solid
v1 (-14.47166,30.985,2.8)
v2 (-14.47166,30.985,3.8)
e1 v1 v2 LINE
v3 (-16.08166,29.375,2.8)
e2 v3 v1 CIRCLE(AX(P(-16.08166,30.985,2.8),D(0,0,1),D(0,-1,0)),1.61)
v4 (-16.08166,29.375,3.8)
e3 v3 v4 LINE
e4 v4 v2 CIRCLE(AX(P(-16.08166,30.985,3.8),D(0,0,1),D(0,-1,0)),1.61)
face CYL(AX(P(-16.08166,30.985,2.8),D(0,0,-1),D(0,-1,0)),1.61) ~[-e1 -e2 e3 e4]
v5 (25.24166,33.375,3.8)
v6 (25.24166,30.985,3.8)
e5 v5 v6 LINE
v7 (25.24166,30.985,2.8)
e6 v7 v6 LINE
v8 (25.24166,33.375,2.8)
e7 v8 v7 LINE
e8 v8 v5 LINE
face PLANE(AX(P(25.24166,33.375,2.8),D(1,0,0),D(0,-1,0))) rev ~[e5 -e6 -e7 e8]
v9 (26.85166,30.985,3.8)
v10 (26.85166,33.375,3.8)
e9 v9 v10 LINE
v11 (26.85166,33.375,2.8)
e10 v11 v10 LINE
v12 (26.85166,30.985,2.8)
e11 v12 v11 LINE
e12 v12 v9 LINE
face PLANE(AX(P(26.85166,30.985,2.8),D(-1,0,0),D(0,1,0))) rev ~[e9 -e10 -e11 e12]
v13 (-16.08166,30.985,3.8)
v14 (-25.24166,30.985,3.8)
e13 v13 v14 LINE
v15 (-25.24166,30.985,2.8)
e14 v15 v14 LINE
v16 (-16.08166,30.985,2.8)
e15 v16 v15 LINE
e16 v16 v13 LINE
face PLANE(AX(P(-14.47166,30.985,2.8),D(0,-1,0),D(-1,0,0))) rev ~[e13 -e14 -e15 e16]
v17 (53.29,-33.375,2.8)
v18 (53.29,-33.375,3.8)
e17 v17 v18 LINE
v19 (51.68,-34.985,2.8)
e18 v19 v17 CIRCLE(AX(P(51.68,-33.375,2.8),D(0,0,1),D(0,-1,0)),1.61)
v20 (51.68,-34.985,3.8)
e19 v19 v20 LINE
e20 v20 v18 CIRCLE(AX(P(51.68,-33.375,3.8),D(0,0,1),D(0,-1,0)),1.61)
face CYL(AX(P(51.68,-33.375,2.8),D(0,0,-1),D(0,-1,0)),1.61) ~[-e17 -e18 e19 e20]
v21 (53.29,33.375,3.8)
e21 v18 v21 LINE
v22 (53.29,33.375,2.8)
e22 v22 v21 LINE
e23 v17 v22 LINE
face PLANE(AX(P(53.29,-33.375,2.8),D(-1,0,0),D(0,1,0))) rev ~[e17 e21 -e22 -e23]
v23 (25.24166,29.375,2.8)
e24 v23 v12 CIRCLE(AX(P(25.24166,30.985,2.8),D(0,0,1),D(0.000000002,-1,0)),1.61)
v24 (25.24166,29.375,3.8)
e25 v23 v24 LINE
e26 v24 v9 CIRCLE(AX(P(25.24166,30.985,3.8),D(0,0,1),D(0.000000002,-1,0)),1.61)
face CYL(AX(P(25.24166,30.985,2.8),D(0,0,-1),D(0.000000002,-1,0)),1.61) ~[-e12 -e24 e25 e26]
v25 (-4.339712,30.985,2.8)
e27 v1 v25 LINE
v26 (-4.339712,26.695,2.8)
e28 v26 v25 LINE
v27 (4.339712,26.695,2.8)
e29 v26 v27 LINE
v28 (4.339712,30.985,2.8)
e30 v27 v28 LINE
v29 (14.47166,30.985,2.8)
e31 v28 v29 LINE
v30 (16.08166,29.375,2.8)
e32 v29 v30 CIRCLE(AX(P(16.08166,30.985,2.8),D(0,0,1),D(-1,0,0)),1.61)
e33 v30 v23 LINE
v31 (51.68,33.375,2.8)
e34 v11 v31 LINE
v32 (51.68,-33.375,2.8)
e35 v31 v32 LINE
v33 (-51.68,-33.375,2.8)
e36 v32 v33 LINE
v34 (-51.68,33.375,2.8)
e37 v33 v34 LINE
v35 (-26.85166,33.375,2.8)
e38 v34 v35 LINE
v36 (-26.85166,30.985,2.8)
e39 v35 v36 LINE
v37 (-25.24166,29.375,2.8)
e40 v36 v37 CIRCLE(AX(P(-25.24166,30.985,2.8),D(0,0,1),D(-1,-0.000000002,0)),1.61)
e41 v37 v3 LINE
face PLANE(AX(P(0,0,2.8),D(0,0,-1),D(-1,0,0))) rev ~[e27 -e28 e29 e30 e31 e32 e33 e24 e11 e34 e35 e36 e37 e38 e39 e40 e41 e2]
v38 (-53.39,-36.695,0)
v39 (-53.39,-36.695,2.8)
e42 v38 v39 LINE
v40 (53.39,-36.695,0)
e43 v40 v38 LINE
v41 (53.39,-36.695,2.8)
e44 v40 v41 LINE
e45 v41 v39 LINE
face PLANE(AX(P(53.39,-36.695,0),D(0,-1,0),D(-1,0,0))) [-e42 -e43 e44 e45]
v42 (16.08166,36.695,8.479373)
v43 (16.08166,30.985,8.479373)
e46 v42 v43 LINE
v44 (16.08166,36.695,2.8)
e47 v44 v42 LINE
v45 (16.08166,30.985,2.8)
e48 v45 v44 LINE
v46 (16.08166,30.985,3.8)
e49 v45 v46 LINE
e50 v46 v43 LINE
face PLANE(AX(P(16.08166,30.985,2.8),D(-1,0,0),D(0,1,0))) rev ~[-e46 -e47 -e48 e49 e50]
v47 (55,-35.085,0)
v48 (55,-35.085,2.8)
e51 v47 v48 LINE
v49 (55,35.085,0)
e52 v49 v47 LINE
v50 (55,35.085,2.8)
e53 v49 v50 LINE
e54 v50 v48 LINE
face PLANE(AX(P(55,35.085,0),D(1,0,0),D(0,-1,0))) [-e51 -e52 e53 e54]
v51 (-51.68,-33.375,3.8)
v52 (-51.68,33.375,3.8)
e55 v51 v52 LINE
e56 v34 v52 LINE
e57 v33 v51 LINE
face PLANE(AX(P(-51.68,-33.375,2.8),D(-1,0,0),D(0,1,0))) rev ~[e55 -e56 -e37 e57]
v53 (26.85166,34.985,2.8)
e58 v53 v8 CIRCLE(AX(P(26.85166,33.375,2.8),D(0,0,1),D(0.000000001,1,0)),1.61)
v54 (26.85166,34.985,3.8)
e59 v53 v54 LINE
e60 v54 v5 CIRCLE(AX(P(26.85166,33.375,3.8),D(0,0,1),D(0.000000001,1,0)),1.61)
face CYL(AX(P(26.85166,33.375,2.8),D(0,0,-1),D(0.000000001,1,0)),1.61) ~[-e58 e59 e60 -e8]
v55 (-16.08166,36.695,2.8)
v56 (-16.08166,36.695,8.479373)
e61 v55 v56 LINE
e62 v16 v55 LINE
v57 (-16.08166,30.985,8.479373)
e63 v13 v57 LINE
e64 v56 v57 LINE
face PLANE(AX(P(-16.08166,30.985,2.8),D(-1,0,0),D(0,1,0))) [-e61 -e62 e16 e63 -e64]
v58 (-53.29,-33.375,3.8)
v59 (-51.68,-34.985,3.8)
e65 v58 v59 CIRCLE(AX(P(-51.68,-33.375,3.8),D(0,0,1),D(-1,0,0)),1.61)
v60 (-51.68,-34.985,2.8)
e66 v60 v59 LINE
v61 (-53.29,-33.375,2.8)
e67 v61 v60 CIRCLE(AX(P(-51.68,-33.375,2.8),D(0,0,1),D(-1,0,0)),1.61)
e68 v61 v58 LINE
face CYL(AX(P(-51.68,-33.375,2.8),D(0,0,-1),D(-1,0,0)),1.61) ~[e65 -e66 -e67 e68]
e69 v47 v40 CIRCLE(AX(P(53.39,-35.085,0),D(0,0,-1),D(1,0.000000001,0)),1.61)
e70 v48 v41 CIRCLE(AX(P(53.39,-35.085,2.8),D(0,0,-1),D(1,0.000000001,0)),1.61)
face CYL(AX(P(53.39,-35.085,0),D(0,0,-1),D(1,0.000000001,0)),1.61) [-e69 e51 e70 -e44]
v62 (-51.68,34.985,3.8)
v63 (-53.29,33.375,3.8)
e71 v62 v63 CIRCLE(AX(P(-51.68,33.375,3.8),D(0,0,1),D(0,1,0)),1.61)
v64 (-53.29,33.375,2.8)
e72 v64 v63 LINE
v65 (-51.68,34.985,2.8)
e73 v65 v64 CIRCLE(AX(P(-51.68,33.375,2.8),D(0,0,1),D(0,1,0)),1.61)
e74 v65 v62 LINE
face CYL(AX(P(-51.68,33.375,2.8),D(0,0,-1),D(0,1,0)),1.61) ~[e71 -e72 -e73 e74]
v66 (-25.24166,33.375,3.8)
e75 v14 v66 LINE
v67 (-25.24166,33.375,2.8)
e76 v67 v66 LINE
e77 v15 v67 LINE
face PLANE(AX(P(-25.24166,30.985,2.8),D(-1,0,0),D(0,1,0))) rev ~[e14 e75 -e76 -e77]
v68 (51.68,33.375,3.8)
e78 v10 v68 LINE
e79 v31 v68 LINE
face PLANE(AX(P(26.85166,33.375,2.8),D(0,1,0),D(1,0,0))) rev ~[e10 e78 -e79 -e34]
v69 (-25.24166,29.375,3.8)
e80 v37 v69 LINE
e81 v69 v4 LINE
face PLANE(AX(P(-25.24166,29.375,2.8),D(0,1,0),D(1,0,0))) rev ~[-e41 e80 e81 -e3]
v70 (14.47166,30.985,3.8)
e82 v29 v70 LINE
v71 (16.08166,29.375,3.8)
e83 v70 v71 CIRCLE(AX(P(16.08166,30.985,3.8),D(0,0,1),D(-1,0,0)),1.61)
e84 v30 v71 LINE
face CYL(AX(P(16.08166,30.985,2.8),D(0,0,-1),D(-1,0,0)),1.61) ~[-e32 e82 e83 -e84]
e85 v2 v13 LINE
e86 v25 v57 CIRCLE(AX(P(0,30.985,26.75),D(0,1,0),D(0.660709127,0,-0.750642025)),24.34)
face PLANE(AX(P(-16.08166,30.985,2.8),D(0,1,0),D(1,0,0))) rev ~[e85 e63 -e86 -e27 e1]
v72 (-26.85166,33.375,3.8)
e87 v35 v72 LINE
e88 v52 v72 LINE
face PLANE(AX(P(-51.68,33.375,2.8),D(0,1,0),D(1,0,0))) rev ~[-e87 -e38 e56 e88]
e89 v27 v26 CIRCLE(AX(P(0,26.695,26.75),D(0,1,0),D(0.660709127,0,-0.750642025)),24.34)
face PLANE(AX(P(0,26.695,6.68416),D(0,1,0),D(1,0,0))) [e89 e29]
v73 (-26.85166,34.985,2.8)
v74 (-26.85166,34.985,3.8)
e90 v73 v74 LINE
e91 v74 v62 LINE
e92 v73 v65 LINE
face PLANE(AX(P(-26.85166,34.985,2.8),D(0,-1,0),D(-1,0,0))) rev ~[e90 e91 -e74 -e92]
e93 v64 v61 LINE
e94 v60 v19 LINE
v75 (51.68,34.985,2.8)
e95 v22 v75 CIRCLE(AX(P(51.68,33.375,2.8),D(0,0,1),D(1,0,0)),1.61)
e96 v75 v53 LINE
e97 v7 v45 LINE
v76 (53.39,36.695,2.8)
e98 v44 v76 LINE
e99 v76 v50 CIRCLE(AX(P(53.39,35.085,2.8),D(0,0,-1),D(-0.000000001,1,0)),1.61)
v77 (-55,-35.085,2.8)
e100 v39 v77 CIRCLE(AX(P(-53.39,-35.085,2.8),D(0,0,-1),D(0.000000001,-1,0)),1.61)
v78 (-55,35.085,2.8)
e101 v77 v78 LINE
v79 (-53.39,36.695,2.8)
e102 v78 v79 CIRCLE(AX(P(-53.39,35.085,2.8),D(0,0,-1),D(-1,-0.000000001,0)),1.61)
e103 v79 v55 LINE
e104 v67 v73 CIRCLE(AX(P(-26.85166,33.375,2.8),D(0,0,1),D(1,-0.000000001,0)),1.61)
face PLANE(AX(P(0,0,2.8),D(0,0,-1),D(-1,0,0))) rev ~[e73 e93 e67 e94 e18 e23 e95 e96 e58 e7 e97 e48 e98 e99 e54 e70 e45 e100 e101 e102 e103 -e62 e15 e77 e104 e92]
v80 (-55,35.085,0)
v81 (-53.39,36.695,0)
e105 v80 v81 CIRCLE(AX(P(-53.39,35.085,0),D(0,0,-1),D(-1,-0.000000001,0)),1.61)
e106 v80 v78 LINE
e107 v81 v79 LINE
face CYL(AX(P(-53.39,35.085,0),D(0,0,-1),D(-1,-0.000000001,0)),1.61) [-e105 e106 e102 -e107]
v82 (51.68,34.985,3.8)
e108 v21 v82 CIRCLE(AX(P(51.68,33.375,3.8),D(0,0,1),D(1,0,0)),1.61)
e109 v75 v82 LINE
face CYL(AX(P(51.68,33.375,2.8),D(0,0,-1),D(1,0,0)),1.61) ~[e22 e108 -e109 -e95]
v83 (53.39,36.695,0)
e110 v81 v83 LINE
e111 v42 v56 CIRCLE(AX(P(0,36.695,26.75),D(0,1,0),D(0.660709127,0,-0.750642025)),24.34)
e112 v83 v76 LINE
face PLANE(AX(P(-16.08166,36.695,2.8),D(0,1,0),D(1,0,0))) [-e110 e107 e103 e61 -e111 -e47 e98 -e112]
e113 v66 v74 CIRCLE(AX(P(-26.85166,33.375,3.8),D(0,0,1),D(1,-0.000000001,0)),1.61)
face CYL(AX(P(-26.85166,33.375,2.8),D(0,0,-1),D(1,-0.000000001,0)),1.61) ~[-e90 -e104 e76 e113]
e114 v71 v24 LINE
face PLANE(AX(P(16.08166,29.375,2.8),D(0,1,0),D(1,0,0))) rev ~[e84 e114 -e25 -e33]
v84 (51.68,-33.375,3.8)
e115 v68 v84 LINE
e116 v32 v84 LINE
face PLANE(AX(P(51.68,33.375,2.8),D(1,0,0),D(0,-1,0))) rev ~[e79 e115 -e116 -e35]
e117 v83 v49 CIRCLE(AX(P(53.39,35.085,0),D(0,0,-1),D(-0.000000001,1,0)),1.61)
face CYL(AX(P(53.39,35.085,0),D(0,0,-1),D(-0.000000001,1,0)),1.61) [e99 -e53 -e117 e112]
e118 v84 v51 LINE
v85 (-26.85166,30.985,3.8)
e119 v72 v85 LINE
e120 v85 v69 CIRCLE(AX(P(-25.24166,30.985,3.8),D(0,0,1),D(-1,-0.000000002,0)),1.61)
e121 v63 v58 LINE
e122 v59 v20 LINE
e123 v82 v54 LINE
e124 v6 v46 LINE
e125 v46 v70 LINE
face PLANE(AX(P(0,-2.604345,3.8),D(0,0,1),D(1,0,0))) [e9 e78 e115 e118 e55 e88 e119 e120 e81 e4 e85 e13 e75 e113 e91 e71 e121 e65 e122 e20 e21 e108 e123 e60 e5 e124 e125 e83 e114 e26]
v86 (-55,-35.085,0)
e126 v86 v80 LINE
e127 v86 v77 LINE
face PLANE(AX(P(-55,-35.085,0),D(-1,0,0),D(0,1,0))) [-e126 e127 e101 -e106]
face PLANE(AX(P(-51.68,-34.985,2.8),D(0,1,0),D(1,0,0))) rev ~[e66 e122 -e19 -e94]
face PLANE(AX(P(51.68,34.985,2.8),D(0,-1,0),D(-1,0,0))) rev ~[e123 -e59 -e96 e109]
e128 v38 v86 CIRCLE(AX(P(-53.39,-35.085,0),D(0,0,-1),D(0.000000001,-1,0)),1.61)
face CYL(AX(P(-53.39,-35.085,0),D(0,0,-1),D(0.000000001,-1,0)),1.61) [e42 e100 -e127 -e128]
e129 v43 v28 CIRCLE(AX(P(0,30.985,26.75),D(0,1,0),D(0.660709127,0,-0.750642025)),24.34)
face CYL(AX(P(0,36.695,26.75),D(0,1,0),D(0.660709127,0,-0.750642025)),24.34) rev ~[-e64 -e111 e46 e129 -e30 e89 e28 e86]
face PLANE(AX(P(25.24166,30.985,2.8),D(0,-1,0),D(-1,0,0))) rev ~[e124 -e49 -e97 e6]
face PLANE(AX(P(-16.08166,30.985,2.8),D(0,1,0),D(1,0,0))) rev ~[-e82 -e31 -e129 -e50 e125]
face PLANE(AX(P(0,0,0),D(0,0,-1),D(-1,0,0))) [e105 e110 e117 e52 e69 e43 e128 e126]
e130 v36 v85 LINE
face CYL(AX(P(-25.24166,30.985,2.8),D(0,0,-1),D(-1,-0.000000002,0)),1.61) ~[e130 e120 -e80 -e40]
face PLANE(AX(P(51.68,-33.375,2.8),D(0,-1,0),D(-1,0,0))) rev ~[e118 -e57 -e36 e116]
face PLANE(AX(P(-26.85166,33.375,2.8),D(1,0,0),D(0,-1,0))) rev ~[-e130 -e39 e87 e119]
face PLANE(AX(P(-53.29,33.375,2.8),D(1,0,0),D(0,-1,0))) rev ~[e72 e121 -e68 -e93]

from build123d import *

# Parameters (mm, degrees)
BOSS_EXTRUDE1_DEPTH = 2.8
BOSS_EXTRUDE2_DEPTH = 1
SKETCH3_W           = 32.16332029
SKETCH3_H           = 5.710000001
BOSS_EXTRUDE3_DEPTH = 5.8
CUT_EXTRUDE1_DEPTH  = 10


with BuildPart() as part:
    # Sketch1 → Boss-Extrude1 (new body)
    with BuildSketch(Plane.XY):
        with BuildLine():
            Line((-53.39, 36.695), (53.39, 36.695))
            ThreePointArc((53.39, 36.695), (54.528441918, 36.223441918), (55, 35.085))
            Line((55, 35.085), (55, -35.085))
            ThreePointArc((55, -35.085), (54.528441918, -36.223441918), (53.39, -36.695))
            Line((53.39, -36.695), (-53.39, -36.695))
            ThreePointArc((-53.39, -36.695), (-54.528441918, -36.223441918), (-55, -35.085))
            Line((-55, -35.085), (-55, 35.085))
            ThreePointArc((-55, 35.085), (-54.528441918, 36.223441918), (-53.39, 36.695))
        make_face()
    extrude(amount=BOSS_EXTRUDE1_DEPTH)

    # Sketch2 → Boss-Extrude2 (add)
    with BuildSketch(Plane.XY.offset(2.8)):
        with BuildLine():
            Line((25.241660148, 33.374999999), (25.241660148, 30.984999999))
            Line((25.241660148, 30.984999999), (14.471660145, 30.984999999))
            ThreePointArc((14.471660145, 30.984999999), (14.943218227, 29.846558082), (16.081660145, 29.374999999))
            Line((16.081660145, 29.374999999), (25.241660148, 29.374999999))
            ThreePointArc((25.241660148, 29.374999999), (26.380102065, 29.846558082), (26.851660148, 30.984999999))
            Line((26.851660148, 30.984999999), (26.851660148, 33.374999999))
            Line((26.851660148, 33.374999999), (51.679999999, 33.374999999))
            Line((51.679999999, 33.374999999), (51.679999999, -33.374999999))
            Line((51.679999999, -33.374999999), (-51.679999999, -33.374999999))
            Line((-51.679999999, -33.374999999), (-51.679999999, 33.374999999))
            Line((-51.679999999, 33.374999999), (-26.851660148, 33.374999999))
            Line((-26.851660148, 33.374999999), (-26.851660148, 30.984999999))
            ThreePointArc((-26.851660148, 30.984999999), (-26.380102065, 29.846558082), (-25.241660148, 29.374999999))
            Line((-25.241660148, 29.374999999), (-16.081660145, 29.374999999))
            ThreePointArc((-16.081660145, 29.374999999), (-14.943218227, 29.846558082), (-14.471660145, 30.984999999))
            Line((-14.471660145, 30.984999999), (-25.241660148, 30.984999999))
            Line((-25.241660148, 30.984999999), (-25.241660148, 33.374999999))
            ThreePointArc((-25.241660148, 33.374999999), (-25.71321823, 34.513441917), (-26.851660148, 34.984999999))
            Line((-26.851660148, 34.984999999), (-51.679999999, 34.984999999))
            ThreePointArc((-51.679999999, 34.984999999), (-52.818441916, 34.513441917), (-53.289999999, 33.374999999))
            Line((-53.289999999, 33.374999999), (-53.289999999, -33.374999999))
            ThreePointArc((-53.289999999, -33.374999999), (-52.818441916, -34.513441917), (-51.679999999, -34.984999999))
            Line((-51.679999999, -34.984999999), (51.679999999, -34.984999999))
            ThreePointArc((51.679999999, -34.984999999), (52.818441916, -34.513441917), (53.289999999, -33.374999999))
            Line((53.289999999, -33.374999999), (53.289999999, 33.374999999))
            ThreePointArc((53.289999999, 33.374999999), (52.818441916, 34.513441917), (51.679999999, 34.984999999))
            Line((51.679999999, 34.984999999), (26.851660148, 34.984999999))
            ThreePointArc((26.851660148, 34.984999999), (25.71321823, 34.513441917), (25.241660148, 33.374999999))
        make_face()
    extrude(amount=BOSS_EXTRUDE2_DEPTH)

    # Sketch3 → Boss-Extrude3 (add)
    with BuildSketch(Plane.XY.offset(2.8)):
        with Locations((0, 33.84)):
            Rectangle(SKETCH3_W, SKETCH3_H)
    extrude(amount=BOSS_EXTRUDE3_DEPTH)

    # Sketch4 → Cut-Extrude1 (cut)
    with BuildSketch(Plane(origin=(0, 36.695, 0), x_dir=(1, 0, 0), z_dir=(0, 1, 0))):
        with BuildLine():
            Line((-16.081660145, -8.479373109), (-16.081660145, -8.6))
            Line((-16.081660145, -8.6), (16.081660145, -8.6))
            Line((16.081660145, -8.6), (16.081660145, -8.479373109))
            ThreePointArc((16.081660145, -8.479373109), (0, -2.41), (-16.081660145, -8.479373109))
        make_face()
    extrude(amount=-CUT_EXTRUDE1_DEPTH, mode=Mode.SUBTRACT)


solid = part.part
